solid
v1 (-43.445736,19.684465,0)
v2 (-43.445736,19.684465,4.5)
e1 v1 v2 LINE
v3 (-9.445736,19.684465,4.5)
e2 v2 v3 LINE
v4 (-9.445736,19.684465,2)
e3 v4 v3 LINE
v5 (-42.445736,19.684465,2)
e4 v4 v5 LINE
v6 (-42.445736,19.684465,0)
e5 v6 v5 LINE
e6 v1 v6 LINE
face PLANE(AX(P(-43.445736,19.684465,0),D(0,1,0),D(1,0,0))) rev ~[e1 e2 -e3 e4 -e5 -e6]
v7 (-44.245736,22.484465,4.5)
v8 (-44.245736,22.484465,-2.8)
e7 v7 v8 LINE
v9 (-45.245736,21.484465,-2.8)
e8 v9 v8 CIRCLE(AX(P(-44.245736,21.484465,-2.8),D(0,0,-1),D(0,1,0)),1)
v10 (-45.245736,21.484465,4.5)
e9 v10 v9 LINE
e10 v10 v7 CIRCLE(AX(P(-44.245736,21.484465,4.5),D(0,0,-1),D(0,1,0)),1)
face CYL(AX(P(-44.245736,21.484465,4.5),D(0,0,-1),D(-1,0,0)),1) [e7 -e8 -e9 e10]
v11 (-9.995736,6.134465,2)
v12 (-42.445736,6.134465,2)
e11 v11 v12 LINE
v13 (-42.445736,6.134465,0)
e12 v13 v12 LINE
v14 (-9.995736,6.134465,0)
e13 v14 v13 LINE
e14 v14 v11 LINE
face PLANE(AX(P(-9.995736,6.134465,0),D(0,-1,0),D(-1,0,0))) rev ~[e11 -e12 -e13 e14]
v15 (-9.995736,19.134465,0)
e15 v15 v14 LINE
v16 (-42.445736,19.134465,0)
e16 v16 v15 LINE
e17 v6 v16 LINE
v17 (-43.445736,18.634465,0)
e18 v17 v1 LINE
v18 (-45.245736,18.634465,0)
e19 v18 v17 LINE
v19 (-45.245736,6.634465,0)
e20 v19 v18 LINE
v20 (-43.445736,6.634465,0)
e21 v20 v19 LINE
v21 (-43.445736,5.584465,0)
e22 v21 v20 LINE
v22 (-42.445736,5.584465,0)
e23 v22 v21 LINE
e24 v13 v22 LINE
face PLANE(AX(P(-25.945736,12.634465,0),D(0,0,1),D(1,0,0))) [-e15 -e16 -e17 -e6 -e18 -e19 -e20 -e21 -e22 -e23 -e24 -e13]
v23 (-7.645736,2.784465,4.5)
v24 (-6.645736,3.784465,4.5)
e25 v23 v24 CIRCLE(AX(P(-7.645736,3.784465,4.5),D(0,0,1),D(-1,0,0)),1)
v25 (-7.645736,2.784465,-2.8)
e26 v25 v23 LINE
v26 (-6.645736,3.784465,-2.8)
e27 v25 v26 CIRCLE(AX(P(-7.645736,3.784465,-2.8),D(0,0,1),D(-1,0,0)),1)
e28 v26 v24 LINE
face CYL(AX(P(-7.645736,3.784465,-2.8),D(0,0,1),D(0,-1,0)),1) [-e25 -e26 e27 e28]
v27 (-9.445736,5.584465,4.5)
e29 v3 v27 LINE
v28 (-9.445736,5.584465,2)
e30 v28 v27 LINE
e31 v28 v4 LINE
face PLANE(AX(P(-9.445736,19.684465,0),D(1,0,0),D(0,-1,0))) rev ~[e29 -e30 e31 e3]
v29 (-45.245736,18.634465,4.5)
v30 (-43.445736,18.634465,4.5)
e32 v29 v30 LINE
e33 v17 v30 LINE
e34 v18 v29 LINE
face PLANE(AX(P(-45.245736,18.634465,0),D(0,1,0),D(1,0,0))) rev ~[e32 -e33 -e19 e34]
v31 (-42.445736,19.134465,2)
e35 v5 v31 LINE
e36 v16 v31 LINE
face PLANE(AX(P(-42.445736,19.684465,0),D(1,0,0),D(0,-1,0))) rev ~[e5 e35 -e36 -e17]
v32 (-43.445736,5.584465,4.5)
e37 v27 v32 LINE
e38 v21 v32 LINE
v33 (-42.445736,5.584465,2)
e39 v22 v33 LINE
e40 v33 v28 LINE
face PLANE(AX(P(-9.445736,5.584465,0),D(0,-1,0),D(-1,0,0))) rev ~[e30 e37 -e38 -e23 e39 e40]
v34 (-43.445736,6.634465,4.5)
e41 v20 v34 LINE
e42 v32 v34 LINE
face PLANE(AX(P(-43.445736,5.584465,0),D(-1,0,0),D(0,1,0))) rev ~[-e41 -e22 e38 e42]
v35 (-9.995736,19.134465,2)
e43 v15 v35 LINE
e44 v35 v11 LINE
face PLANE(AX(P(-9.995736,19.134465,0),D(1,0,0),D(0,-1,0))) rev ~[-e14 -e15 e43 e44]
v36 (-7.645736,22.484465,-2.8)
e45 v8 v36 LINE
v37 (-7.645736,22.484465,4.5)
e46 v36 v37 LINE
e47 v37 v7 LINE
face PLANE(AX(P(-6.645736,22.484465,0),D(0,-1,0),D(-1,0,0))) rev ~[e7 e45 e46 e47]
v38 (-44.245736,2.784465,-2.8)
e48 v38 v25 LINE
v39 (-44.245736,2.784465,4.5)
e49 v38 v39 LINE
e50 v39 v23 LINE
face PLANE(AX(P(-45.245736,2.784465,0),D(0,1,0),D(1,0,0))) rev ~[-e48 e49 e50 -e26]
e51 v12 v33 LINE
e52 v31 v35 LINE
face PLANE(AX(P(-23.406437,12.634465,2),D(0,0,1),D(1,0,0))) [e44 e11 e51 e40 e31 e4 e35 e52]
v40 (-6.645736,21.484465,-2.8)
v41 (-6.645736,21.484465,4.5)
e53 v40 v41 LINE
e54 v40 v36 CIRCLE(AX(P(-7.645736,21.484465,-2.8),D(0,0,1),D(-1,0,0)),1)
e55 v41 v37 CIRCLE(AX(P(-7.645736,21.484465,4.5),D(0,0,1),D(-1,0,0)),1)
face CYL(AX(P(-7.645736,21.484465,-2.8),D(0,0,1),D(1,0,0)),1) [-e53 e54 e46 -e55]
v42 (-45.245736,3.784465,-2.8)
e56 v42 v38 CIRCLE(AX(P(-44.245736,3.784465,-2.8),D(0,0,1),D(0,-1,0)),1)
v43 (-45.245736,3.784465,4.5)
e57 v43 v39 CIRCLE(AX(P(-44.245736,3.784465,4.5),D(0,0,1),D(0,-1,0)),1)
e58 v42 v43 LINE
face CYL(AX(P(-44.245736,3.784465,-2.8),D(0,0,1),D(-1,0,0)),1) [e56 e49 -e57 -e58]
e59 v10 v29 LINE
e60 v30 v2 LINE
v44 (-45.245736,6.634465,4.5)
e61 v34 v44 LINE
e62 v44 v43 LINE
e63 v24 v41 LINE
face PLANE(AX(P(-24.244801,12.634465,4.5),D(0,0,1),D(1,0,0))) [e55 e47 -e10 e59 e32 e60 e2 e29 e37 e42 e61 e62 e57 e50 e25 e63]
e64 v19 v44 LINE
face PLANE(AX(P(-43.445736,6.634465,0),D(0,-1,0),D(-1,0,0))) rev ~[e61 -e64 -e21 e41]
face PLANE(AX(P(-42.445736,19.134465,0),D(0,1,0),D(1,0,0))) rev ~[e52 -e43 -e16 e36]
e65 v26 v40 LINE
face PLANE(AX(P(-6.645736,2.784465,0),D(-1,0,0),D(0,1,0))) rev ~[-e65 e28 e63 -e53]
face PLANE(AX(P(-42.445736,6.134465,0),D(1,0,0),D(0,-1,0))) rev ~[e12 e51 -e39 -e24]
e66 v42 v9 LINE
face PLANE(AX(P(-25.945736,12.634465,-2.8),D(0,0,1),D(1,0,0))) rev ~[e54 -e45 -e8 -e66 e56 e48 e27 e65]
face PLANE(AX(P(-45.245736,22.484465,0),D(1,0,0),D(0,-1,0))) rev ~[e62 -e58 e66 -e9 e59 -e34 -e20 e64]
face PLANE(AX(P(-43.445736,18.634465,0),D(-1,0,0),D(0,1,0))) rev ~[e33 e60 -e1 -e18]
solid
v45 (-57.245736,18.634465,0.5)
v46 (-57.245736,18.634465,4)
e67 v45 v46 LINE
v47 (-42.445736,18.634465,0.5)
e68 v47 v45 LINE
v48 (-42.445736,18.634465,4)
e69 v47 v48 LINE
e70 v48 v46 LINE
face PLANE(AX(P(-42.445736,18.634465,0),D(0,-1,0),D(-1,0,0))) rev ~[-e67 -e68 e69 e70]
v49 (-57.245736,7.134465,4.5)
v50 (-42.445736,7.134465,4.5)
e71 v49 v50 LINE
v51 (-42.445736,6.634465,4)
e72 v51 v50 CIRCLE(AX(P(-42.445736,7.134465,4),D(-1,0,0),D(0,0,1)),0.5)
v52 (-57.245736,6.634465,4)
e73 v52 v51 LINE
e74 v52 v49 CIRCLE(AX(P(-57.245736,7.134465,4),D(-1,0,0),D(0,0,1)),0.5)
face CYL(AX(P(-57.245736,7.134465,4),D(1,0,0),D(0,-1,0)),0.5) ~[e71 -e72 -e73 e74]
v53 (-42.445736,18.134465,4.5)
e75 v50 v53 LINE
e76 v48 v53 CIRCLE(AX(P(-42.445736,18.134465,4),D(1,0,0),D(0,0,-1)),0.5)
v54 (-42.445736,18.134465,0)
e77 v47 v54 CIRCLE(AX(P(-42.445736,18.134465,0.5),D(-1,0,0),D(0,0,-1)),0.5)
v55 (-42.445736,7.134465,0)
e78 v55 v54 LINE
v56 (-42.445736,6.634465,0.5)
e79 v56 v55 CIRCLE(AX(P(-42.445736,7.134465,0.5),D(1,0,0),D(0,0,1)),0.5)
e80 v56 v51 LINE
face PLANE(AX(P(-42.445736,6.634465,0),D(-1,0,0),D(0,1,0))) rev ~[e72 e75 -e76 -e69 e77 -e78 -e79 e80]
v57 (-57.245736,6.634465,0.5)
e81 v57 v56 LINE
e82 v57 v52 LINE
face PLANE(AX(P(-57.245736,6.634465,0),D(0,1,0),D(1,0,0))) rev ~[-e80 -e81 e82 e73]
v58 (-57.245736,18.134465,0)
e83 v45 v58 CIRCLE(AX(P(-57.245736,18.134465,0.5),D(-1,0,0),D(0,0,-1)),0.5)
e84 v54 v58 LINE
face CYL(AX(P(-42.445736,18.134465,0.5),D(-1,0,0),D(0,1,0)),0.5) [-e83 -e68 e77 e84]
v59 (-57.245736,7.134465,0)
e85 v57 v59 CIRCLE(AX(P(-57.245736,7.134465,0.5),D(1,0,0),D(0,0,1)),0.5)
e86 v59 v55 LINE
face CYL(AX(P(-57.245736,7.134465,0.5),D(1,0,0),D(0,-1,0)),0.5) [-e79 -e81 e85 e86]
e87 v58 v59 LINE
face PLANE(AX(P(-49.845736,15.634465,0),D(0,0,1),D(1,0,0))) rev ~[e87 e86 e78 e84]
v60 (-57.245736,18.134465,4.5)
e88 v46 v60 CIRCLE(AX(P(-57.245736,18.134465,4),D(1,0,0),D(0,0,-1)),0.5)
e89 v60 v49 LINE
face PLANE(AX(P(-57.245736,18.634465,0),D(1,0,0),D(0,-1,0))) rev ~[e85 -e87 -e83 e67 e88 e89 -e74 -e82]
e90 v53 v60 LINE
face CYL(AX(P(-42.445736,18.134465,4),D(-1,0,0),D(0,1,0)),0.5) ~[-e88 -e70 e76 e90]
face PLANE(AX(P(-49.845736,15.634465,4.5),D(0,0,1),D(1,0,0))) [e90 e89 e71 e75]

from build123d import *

# Parameters (mm, degrees)
F1_DEPTH = 4.5
F2_R     = 0.5
F3_W     = 38.6
F3_H     = 19.7
F4_DEPTH = 2.8
F5_DEPTH = 4.5
F6_DEPTH = 2
F8_R     = 1


with BuildPart() as f1:
    # F0 (on Top) → F1 (new body)
    with BuildSketch(Plane.XY):
        Polygon((-42.4457360953, 18.6344647732), (-43.4457360953, 18.6344647732), (-45.2457360953, 18.6344647732), (-57.2457360953, 18.6344647732), (-57.2457360953, 12.6344647732), (-42.4457360953, 12.6344647732), align=None)
        Polygon((-42.4457360953, 6.6344647732), (-42.4457360953, 12.6344647732), (-57.2457360953, 12.6344647732), (-57.2457360953, 6.6344647732), (-45.2457360953, 6.6344647732), (-43.4457360953, 6.6344647732), align=None)
    extrude(amount=F1_DEPTH)

    # F2
    f2_edges = [f1.edges().sort_by_distance(p)[0] for p in [
        (-49.845736, 6.634465, 4.5),
        (-49.845736, 6.634465, 0),
        (-49.845736, 18.634465, 0),
        (-49.845736, 18.634465, 4.5),
    ]]
    fillet(f2_edges, radius=F2_R)


with BuildPart() as f4:
    # F3 (on Top) → F4 (new body)
    with BuildSketch(Plane.XY):
        with Locations((-25.9457360953, 12.6344647732)):
            Rectangle(F3_W, F3_H)
    extrude(amount=-F4_DEPTH)



with BuildPart() as f5:
    # F0 (on Top) → F5 (new body)
    with BuildSketch(Plane.XY):
        Polygon((-43.4457360953, 18.6344647732), (-43.4457360953, 19.6844647732), (-42.4457360953, 19.6844647732), (-9.4457360953, 19.6844647732), (-9.4457360953, 5.5844647732), (-42.4457360953, 5.5844647732), (-43.4457360953, 5.5844647732), (-43.4457360953, 6.6344647732), (-45.2457360953, 6.6344647732), (-45.2457360953, 2.7844647732), (-6.6457360953, 2.7844647732), (-6.6457360953, 22.4844647732), (-45.2457360953, 22.4844647732), (-45.2457360953, 18.6344647732), align=None)
    extrude(amount=F5_DEPTH)


with BuildPart() as f4_1:
    add(f4.part)

    add(f5.part)  # F6 merges F5
    # F0 (on Top) → F6 (join)
    with BuildSketch(Plane.XY):
        Polygon((-9.4457360953, 19.6844647732), (-42.4457360953, 19.6844647732), (-42.4457360953, 19.1344647732), (-9.9957360953, 19.1344647732), (-9.9957360953, 6.1344647732), (-42.4457360953, 6.1344647732), (-42.4457360953, 5.5844647732), (-9.4457360953, 5.5844647732), align=None)
    extrude(amount=F6_DEPTH)

    # F8
    f8_edges = [f4_1.edges().sort_by_distance(p)[0] for p in [
        (-45.245736, 2.784465, 0.85),
        (-45.245736, 22.484465, 0.85),
        (-6.645736, 22.484465, 0.85),
        (-6.645736, 2.784465, 0.85),
    ]]
    fillet(f8_edges, radius=F8_R)


solid = Compound([f1.part, f4_1.part])
